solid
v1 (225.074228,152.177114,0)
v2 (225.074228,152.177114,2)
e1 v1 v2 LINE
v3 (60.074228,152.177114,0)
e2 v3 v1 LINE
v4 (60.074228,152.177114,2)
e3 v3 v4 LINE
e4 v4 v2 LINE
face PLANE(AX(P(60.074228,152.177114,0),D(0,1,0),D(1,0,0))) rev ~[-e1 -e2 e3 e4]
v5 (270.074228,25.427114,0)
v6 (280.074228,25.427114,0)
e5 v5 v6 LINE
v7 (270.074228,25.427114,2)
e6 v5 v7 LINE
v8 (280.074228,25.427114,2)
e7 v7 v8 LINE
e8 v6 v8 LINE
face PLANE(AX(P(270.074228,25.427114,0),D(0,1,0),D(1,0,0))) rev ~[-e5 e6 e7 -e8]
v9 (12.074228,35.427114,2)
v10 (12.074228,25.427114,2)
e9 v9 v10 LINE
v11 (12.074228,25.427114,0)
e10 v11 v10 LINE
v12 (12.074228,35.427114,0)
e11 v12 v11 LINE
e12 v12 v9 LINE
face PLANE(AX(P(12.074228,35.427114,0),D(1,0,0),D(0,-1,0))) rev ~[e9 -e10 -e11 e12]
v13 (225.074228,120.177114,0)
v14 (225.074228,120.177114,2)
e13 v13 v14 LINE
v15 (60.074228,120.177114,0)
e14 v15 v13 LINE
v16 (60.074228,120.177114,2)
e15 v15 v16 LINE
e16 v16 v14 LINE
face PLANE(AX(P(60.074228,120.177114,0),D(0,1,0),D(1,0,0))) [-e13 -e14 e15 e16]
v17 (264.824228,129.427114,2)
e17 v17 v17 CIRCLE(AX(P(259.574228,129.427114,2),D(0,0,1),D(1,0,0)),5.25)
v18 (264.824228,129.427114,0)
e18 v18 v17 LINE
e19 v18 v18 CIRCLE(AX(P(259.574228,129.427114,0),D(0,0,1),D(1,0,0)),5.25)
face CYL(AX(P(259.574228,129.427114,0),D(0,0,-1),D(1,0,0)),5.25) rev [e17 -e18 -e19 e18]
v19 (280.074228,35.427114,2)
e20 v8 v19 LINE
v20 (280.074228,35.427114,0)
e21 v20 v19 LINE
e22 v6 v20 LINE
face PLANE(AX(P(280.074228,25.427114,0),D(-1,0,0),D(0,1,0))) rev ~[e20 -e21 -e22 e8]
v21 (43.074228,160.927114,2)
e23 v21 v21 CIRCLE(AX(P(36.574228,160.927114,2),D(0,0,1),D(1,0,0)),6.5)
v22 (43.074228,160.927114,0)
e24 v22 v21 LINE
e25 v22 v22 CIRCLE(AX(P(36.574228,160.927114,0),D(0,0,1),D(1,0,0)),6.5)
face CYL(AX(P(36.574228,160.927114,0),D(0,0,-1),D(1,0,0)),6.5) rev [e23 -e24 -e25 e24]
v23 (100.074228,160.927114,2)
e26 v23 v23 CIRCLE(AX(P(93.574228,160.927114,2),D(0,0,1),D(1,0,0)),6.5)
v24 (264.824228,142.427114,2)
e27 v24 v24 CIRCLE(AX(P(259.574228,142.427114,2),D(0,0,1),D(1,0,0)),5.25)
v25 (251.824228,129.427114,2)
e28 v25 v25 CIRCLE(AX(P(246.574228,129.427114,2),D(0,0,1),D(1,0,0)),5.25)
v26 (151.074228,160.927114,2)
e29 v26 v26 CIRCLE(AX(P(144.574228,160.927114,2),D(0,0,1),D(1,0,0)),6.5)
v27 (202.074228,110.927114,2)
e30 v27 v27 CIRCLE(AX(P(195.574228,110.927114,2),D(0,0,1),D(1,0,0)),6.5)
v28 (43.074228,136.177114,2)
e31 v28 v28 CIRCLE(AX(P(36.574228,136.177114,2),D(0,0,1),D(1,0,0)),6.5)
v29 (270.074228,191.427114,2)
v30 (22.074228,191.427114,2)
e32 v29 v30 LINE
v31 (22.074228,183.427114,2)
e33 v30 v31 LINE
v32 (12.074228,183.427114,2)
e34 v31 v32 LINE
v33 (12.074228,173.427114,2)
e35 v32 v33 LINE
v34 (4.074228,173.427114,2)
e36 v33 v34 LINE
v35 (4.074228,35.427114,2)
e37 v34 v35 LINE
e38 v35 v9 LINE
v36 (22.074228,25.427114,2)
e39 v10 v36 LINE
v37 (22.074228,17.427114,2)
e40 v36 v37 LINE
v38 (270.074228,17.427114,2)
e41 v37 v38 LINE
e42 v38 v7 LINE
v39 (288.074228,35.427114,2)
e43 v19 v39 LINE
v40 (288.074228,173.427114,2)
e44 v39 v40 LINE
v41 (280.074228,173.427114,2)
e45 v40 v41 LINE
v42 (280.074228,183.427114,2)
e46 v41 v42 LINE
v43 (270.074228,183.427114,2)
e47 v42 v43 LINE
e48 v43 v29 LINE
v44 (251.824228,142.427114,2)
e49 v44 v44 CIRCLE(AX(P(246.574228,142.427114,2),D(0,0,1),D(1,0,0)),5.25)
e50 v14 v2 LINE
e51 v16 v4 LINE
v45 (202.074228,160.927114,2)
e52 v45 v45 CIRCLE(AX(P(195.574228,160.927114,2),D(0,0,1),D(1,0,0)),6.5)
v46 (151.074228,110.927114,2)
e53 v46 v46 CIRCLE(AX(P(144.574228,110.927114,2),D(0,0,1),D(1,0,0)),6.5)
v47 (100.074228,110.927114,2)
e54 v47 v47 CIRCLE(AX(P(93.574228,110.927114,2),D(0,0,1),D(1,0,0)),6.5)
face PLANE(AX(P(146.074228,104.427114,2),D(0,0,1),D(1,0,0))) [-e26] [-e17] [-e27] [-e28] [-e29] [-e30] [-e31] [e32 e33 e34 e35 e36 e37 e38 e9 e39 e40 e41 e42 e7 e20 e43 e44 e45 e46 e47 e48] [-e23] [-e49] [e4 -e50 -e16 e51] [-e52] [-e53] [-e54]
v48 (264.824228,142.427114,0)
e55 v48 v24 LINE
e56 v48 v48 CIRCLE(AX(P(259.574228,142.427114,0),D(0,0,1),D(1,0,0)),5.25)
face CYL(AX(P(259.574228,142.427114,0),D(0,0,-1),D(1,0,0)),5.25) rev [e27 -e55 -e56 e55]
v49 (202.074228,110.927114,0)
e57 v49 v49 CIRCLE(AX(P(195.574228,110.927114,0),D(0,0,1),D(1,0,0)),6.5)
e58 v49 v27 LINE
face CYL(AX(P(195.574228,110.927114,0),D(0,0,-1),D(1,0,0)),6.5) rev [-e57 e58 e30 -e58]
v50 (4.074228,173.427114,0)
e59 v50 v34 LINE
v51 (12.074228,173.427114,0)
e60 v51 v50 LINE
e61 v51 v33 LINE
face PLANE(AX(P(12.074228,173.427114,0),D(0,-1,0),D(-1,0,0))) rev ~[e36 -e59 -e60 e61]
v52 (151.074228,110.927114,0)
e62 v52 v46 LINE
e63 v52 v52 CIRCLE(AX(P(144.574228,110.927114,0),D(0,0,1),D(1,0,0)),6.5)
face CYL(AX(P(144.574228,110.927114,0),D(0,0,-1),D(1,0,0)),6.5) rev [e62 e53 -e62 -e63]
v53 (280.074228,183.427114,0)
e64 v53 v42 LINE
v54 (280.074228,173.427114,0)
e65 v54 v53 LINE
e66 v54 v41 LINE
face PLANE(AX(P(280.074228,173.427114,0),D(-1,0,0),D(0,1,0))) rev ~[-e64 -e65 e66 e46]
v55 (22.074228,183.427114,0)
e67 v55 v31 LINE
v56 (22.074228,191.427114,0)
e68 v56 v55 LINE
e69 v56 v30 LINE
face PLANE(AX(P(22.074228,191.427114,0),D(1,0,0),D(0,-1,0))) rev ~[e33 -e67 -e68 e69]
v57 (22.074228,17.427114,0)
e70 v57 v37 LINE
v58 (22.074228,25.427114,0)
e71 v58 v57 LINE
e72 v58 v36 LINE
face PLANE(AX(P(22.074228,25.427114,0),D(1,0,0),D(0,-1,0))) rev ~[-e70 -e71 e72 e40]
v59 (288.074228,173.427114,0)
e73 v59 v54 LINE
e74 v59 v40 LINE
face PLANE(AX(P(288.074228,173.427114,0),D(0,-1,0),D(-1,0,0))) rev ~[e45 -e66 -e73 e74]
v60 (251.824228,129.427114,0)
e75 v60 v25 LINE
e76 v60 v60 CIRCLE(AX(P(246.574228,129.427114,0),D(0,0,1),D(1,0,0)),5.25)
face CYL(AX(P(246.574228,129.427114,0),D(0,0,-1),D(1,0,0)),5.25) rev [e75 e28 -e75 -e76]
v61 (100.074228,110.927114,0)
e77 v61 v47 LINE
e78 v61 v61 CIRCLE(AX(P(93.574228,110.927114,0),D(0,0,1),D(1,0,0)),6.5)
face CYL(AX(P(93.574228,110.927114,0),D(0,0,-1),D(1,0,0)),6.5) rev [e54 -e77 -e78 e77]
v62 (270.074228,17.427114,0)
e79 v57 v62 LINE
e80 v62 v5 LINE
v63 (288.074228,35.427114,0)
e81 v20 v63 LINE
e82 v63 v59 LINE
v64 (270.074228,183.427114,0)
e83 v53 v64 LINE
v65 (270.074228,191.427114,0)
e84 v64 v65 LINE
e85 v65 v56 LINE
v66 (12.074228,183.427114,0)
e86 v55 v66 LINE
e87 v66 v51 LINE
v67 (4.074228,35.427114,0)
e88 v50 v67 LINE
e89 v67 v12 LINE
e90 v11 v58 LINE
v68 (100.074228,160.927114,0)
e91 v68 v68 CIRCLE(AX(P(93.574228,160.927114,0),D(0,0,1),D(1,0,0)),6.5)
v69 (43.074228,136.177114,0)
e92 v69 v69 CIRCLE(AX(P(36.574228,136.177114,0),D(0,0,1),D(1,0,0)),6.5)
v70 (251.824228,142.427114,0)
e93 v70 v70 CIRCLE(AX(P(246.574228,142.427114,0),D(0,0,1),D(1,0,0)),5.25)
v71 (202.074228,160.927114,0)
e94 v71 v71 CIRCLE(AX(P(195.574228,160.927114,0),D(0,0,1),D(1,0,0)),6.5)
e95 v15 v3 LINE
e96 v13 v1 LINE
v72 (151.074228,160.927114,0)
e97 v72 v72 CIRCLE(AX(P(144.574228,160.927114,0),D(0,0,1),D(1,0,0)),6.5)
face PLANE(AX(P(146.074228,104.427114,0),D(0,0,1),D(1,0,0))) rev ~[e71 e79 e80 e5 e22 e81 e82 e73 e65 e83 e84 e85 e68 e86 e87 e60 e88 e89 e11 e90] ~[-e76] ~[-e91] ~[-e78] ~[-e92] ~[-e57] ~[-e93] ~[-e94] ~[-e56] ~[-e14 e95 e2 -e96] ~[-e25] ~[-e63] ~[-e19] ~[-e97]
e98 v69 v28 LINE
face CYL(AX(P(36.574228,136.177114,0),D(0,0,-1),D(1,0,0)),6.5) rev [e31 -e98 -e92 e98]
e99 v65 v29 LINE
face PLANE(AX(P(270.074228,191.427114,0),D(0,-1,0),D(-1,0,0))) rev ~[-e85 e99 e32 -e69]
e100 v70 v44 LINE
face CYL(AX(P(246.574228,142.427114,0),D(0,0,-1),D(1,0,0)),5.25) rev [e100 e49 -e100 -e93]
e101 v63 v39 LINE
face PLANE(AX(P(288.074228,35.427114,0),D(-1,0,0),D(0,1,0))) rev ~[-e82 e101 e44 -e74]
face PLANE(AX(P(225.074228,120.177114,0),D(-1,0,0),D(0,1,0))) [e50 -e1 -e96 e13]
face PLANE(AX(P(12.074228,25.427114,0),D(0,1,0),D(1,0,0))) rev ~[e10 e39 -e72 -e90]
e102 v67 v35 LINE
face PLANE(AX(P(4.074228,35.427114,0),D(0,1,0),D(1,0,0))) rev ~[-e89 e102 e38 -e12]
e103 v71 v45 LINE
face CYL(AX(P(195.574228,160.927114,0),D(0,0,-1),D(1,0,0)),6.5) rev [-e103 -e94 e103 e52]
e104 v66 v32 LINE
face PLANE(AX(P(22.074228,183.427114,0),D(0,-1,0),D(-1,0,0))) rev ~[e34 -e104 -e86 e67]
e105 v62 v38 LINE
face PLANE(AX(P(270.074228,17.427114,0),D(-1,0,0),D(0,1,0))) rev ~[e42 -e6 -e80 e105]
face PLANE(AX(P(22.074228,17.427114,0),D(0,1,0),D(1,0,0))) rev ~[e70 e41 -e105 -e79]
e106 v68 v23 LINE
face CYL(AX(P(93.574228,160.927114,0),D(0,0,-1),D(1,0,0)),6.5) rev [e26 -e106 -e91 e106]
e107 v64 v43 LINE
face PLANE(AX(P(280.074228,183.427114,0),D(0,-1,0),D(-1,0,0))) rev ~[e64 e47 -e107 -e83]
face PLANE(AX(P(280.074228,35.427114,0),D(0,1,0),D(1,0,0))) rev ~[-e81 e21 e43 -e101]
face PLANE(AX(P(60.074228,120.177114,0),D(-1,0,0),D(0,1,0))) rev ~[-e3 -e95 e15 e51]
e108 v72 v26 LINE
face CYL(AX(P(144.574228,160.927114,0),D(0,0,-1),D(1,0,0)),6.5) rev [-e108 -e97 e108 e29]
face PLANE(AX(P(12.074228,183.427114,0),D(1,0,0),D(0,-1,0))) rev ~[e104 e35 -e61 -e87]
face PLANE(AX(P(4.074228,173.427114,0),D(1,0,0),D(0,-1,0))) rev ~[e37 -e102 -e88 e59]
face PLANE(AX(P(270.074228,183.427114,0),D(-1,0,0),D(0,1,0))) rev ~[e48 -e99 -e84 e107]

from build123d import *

# Parameters (mm, degrees)
MODEL_R                  = 6.5
MODEL_R_2                = 5.25
MODEL_W                  = 165
MODEL_H                  = 32
RESSALTO_EXTRUS_O1_DEPTH = 2


with BuildPart() as part:
    # Model → Ressalto-extrusão1 (new body)
    with BuildSketch(Plane.XY):
        Polygon((270.074227849, 25.427113901), (280.074227849, 25.427113901), (280.074227849, 35.427113901), (288.074227849, 35.427113901), (288.074227849, 173.427113901), (280.074227849, 173.427113901), (280.074227849, 183.427113901), (270.074227849, 183.427113901), (270.074227849, 191.427113901), (22.074227849, 191.427113901), (22.074227849, 183.427113901), (12.074227849, 183.427113901), (12.074227849, 173.427113901), (4.074227849, 173.427113901), (4.074227849, 35.427113901), (12.074227849, 35.427113901), (12.074227849, 25.427113901), (22.074227849, 25.427113901), (22.074227849, 17.427113901), (270.074227849, 17.427113901), align=None)
        with Locations((36.574227849, 160.927113901)):
            Circle(MODEL_R, mode=Mode.SUBTRACT)
        with Locations((36.574227849, 136.177113901)):
            Circle(MODEL_R, mode=Mode.SUBTRACT)
        with Locations((93.574227849, 110.927113901)):
            Circle(MODEL_R, mode=Mode.SUBTRACT)
        with Locations((144.574227849, 110.927113901)):
            Circle(MODEL_R, mode=Mode.SUBTRACT)
        with Locations((195.574227849, 110.927113901)):
            Circle(MODEL_R, mode=Mode.SUBTRACT)
        with Locations((195.574227849, 160.927113901)):
            Circle(MODEL_R, mode=Mode.SUBTRACT)
        with Locations((144.574227849, 160.927113901)):
            Circle(MODEL_R, mode=Mode.SUBTRACT)
        with Locations((93.574227849, 160.927113901)):
            Circle(MODEL_R, mode=Mode.SUBTRACT)
        with Locations((246.574227849, 142.427113901)):
            Circle(MODEL_R_2, mode=Mode.SUBTRACT)
        with Locations((259.574227849, 142.427113901)):
            Circle(MODEL_R_2, mode=Mode.SUBTRACT)
        with Locations((259.574227849, 129.427113901)):
            Circle(MODEL_R_2, mode=Mode.SUBTRACT)
        with Locations((246.574227849, 129.427113901)):
            Circle(MODEL_R_2, mode=Mode.SUBTRACT)
        with Locations((142.574227849, 136.177113901)):
            Rectangle(MODEL_W, MODEL_H, mode=Mode.SUBTRACT)
    extrude(amount=RESSALTO_EXTRUS_O1_DEPTH)


solid = part.part
